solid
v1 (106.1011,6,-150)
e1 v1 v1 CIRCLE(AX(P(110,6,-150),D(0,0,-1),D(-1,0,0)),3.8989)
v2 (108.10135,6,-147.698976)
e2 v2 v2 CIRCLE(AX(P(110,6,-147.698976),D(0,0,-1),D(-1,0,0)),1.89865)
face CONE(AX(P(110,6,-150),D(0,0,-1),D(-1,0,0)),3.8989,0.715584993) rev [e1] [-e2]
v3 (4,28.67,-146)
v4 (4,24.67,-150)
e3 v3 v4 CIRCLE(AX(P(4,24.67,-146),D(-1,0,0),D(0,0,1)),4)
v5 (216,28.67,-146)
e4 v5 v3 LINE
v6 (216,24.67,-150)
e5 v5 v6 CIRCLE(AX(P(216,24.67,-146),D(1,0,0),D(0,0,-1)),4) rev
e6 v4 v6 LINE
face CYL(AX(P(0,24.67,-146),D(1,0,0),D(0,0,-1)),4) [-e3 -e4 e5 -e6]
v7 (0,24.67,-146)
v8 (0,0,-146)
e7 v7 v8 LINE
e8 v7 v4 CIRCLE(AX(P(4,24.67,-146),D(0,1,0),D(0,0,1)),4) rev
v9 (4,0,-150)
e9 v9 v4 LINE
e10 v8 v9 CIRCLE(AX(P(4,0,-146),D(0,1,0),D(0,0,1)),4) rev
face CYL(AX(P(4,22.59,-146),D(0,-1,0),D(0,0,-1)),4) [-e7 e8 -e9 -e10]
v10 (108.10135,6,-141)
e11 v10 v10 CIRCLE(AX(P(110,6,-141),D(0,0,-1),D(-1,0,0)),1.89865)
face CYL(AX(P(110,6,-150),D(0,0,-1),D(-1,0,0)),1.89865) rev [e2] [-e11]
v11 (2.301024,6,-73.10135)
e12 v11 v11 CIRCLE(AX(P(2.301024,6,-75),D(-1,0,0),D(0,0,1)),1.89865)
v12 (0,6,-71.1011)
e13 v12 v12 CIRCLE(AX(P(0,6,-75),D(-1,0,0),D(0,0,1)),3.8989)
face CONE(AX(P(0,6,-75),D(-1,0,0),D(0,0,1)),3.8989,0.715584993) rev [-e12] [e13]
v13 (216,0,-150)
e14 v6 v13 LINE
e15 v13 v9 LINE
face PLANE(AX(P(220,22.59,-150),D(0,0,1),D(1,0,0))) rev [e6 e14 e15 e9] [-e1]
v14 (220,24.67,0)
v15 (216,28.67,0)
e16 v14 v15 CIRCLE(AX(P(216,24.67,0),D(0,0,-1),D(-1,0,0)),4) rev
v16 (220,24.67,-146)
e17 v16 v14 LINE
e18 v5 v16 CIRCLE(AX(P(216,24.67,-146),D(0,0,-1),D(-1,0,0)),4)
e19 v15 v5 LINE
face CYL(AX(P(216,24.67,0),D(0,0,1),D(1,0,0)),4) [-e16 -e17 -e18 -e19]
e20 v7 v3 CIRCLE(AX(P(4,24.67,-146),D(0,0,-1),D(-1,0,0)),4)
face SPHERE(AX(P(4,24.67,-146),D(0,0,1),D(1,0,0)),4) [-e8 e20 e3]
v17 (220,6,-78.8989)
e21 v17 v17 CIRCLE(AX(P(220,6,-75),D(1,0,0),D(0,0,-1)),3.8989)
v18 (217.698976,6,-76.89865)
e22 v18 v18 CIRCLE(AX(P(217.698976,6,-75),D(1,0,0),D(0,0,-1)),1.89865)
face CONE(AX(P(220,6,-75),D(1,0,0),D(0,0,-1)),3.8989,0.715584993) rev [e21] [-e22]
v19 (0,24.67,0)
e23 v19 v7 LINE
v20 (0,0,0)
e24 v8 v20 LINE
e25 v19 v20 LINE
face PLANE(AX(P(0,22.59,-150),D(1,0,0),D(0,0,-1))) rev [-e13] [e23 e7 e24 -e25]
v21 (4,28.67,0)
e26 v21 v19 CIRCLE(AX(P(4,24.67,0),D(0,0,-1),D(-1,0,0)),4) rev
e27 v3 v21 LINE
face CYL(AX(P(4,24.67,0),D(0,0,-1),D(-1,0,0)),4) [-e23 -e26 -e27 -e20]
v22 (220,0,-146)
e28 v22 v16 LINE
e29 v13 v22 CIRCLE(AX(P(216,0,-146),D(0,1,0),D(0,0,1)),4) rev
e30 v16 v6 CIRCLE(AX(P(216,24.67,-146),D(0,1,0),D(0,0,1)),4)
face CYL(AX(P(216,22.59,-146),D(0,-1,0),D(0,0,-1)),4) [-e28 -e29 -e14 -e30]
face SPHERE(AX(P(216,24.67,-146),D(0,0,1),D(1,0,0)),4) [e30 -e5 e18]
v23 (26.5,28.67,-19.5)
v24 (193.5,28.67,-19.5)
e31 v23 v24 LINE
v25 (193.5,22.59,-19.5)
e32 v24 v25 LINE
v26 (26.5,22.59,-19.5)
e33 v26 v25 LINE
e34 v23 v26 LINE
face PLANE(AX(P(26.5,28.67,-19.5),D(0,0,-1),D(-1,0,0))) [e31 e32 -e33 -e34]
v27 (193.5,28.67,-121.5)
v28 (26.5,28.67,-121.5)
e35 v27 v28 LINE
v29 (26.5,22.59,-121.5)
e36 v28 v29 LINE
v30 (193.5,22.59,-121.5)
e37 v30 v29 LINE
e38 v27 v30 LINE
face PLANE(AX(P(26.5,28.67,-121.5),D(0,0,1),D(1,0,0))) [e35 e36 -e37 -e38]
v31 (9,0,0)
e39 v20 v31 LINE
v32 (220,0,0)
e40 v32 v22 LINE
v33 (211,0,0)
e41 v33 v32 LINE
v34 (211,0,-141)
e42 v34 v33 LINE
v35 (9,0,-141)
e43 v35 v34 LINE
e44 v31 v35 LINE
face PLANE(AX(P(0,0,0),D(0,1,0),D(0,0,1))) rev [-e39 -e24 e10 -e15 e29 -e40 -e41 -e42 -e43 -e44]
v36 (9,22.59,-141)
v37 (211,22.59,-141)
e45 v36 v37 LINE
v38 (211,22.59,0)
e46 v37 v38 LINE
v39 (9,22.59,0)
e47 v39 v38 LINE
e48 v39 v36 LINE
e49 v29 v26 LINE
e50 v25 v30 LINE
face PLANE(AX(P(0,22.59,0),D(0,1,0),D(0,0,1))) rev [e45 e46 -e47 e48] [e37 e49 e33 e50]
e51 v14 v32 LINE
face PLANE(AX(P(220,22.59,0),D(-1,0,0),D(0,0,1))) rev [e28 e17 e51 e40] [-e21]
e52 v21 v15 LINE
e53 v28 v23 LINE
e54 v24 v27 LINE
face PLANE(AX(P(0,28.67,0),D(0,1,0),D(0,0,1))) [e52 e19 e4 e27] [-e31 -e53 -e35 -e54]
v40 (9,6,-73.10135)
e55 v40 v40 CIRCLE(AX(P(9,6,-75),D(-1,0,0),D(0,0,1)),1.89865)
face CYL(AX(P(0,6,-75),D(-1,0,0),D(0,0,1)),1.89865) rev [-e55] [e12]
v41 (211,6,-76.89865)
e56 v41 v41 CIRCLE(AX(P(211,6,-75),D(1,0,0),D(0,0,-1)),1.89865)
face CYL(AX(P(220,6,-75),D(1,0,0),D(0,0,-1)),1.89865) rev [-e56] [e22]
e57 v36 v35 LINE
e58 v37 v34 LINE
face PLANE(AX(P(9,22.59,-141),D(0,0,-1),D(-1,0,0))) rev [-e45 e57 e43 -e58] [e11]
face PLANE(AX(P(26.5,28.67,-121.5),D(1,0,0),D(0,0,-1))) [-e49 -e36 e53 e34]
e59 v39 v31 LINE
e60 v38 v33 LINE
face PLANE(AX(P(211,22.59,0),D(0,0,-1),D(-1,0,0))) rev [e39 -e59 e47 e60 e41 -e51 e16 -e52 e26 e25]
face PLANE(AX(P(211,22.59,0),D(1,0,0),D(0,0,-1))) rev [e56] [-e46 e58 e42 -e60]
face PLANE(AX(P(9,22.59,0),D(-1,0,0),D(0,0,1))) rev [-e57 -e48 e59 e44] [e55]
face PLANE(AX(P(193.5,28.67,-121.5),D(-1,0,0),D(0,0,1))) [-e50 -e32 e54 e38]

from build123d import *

# Parameters (mm, degrees)
BOSS_EXTRUDE1_DEPTH                               = 22.59
SKETCH2_W                                         = 220
SKETCH2_H                                         = 150
SKETCH2_W_2                                       = 167
SKETCH2_H_2                                       = 102
BOSS_EXTRUDE2_DEPTH                               = 6.08
CSK_FOR_6_FLAT_HEAD_SOCKET_CAP_SCREW2_D           = 3.7973
CSK_FOR_6_FLAT_HEAD_SOCKET_CAP_SCREW2_DEPTH       = 9
CSK_FOR_6_FLAT_HEAD_SOCKET_CAP_SCREW2_CSINK_D     = 7.7978
CSK_FOR_6_FLAT_HEAD_SOCKET_CAP_SCREW2_CSINK_ANGLE = 82
CSK_FOR_6_FLAT_HEAD_SOCKET_CAP_SCREW3_D           = 3.7973
CSK_FOR_6_FLAT_HEAD_SOCKET_CAP_SCREW3_CSINK_D     = 7.7978
CSK_FOR_6_FLAT_HEAD_SOCKET_CAP_SCREW3_CSINK_ANGLE = 82
CSK_FOR_6_FLAT_HEAD_SOCKET_CAP_SCREW4_D           = 3.7973
CSK_FOR_6_FLAT_HEAD_SOCKET_CAP_SCREW4_CSINK_D     = 7.7978
CSK_FOR_6_FLAT_HEAD_SOCKET_CAP_SCREW4_CSINK_ANGLE = 82
FILLET1_R                                         = 4


with BuildPart() as part:
    # Sketch1 → Boss-Extrude1 (new body)
    with BuildSketch(Plane(origin=(0, 0, 0), x_dir=(1, 0, 0), z_dir=(0, 1, 0))):
        Polygon((211, 0), (220, 0), (220, 150), (0, 150), (0, 0), (9, 0), (9, 141), (211, 141), align=None)
    extrude(amount=BOSS_EXTRUDE1_DEPTH)

    # Sketch2 → Boss-Extrude2 (add)
    with BuildSketch(Plane(origin=(0, 22.59, 0), x_dir=(1, 0, 0), z_dir=(0, 1, 0))):
        with Locations((110, 75)):
            Rectangle(SKETCH2_W, SKETCH2_H)
        with Locations((110, 70.5)):
            Rectangle(SKETCH2_W_2, SKETCH2_H_2, mode=Mode.SUBTRACT)
    extrude(amount=BOSS_EXTRUDE2_DEPTH)

    # CSK for #6 Flat Head Socket Cap Screw2
    with Locations(Plane(origin=(220, 0, 0), x_dir=(0, 0, -1), z_dir=(1, 0, 0))):
        with Locations((75, 6)):
            CounterSinkHole(CSK_FOR_6_FLAT_HEAD_SOCKET_CAP_SCREW2_D / 2, CSK_FOR_6_FLAT_HEAD_SOCKET_CAP_SCREW2_CSINK_D / 2, depth=CSK_FOR_6_FLAT_HEAD_SOCKET_CAP_SCREW2_DEPTH, counter_sink_angle=CSK_FOR_6_FLAT_HEAD_SOCKET_CAP_SCREW2_CSINK_ANGLE)

    # CSK for #6 Flat Head Socket Cap Screw3 (through all)
    with Locations(Plane(origin=(0, 0, -150), x_dir=(-1, 0, 0), z_dir=(0, 0, -1))):
        with Locations((-110, 6)):
            CounterSinkHole(CSK_FOR_6_FLAT_HEAD_SOCKET_CAP_SCREW3_D / 2, CSK_FOR_6_FLAT_HEAD_SOCKET_CAP_SCREW3_CSINK_D / 2, counter_sink_angle=CSK_FOR_6_FLAT_HEAD_SOCKET_CAP_SCREW3_CSINK_ANGLE)

    # CSK for #6 Flat Head Socket Cap Screw4 (through all)
    with Locations(Plane.ZY):
        with Locations((-75, 6)):
            CounterSinkHole(CSK_FOR_6_FLAT_HEAD_SOCKET_CAP_SCREW4_D / 2, CSK_FOR_6_FLAT_HEAD_SOCKET_CAP_SCREW4_CSINK_D / 2, counter_sink_angle=CSK_FOR_6_FLAT_HEAD_SOCKET_CAP_SCREW4_CSINK_ANGLE)

    # Fillet1
    fillet1_edges = [part.edges().sort_by_distance(p)[0] for p in [
        (0, 14.335, -150),
        (220, 14.335, -150),
        (0, 28.67, -75),
        (220, 28.67, -75),
        (110, 28.67, -150),
    ]]
    fillet(fillet1_edges, radius=FILLET1_R)


solid = part.part
